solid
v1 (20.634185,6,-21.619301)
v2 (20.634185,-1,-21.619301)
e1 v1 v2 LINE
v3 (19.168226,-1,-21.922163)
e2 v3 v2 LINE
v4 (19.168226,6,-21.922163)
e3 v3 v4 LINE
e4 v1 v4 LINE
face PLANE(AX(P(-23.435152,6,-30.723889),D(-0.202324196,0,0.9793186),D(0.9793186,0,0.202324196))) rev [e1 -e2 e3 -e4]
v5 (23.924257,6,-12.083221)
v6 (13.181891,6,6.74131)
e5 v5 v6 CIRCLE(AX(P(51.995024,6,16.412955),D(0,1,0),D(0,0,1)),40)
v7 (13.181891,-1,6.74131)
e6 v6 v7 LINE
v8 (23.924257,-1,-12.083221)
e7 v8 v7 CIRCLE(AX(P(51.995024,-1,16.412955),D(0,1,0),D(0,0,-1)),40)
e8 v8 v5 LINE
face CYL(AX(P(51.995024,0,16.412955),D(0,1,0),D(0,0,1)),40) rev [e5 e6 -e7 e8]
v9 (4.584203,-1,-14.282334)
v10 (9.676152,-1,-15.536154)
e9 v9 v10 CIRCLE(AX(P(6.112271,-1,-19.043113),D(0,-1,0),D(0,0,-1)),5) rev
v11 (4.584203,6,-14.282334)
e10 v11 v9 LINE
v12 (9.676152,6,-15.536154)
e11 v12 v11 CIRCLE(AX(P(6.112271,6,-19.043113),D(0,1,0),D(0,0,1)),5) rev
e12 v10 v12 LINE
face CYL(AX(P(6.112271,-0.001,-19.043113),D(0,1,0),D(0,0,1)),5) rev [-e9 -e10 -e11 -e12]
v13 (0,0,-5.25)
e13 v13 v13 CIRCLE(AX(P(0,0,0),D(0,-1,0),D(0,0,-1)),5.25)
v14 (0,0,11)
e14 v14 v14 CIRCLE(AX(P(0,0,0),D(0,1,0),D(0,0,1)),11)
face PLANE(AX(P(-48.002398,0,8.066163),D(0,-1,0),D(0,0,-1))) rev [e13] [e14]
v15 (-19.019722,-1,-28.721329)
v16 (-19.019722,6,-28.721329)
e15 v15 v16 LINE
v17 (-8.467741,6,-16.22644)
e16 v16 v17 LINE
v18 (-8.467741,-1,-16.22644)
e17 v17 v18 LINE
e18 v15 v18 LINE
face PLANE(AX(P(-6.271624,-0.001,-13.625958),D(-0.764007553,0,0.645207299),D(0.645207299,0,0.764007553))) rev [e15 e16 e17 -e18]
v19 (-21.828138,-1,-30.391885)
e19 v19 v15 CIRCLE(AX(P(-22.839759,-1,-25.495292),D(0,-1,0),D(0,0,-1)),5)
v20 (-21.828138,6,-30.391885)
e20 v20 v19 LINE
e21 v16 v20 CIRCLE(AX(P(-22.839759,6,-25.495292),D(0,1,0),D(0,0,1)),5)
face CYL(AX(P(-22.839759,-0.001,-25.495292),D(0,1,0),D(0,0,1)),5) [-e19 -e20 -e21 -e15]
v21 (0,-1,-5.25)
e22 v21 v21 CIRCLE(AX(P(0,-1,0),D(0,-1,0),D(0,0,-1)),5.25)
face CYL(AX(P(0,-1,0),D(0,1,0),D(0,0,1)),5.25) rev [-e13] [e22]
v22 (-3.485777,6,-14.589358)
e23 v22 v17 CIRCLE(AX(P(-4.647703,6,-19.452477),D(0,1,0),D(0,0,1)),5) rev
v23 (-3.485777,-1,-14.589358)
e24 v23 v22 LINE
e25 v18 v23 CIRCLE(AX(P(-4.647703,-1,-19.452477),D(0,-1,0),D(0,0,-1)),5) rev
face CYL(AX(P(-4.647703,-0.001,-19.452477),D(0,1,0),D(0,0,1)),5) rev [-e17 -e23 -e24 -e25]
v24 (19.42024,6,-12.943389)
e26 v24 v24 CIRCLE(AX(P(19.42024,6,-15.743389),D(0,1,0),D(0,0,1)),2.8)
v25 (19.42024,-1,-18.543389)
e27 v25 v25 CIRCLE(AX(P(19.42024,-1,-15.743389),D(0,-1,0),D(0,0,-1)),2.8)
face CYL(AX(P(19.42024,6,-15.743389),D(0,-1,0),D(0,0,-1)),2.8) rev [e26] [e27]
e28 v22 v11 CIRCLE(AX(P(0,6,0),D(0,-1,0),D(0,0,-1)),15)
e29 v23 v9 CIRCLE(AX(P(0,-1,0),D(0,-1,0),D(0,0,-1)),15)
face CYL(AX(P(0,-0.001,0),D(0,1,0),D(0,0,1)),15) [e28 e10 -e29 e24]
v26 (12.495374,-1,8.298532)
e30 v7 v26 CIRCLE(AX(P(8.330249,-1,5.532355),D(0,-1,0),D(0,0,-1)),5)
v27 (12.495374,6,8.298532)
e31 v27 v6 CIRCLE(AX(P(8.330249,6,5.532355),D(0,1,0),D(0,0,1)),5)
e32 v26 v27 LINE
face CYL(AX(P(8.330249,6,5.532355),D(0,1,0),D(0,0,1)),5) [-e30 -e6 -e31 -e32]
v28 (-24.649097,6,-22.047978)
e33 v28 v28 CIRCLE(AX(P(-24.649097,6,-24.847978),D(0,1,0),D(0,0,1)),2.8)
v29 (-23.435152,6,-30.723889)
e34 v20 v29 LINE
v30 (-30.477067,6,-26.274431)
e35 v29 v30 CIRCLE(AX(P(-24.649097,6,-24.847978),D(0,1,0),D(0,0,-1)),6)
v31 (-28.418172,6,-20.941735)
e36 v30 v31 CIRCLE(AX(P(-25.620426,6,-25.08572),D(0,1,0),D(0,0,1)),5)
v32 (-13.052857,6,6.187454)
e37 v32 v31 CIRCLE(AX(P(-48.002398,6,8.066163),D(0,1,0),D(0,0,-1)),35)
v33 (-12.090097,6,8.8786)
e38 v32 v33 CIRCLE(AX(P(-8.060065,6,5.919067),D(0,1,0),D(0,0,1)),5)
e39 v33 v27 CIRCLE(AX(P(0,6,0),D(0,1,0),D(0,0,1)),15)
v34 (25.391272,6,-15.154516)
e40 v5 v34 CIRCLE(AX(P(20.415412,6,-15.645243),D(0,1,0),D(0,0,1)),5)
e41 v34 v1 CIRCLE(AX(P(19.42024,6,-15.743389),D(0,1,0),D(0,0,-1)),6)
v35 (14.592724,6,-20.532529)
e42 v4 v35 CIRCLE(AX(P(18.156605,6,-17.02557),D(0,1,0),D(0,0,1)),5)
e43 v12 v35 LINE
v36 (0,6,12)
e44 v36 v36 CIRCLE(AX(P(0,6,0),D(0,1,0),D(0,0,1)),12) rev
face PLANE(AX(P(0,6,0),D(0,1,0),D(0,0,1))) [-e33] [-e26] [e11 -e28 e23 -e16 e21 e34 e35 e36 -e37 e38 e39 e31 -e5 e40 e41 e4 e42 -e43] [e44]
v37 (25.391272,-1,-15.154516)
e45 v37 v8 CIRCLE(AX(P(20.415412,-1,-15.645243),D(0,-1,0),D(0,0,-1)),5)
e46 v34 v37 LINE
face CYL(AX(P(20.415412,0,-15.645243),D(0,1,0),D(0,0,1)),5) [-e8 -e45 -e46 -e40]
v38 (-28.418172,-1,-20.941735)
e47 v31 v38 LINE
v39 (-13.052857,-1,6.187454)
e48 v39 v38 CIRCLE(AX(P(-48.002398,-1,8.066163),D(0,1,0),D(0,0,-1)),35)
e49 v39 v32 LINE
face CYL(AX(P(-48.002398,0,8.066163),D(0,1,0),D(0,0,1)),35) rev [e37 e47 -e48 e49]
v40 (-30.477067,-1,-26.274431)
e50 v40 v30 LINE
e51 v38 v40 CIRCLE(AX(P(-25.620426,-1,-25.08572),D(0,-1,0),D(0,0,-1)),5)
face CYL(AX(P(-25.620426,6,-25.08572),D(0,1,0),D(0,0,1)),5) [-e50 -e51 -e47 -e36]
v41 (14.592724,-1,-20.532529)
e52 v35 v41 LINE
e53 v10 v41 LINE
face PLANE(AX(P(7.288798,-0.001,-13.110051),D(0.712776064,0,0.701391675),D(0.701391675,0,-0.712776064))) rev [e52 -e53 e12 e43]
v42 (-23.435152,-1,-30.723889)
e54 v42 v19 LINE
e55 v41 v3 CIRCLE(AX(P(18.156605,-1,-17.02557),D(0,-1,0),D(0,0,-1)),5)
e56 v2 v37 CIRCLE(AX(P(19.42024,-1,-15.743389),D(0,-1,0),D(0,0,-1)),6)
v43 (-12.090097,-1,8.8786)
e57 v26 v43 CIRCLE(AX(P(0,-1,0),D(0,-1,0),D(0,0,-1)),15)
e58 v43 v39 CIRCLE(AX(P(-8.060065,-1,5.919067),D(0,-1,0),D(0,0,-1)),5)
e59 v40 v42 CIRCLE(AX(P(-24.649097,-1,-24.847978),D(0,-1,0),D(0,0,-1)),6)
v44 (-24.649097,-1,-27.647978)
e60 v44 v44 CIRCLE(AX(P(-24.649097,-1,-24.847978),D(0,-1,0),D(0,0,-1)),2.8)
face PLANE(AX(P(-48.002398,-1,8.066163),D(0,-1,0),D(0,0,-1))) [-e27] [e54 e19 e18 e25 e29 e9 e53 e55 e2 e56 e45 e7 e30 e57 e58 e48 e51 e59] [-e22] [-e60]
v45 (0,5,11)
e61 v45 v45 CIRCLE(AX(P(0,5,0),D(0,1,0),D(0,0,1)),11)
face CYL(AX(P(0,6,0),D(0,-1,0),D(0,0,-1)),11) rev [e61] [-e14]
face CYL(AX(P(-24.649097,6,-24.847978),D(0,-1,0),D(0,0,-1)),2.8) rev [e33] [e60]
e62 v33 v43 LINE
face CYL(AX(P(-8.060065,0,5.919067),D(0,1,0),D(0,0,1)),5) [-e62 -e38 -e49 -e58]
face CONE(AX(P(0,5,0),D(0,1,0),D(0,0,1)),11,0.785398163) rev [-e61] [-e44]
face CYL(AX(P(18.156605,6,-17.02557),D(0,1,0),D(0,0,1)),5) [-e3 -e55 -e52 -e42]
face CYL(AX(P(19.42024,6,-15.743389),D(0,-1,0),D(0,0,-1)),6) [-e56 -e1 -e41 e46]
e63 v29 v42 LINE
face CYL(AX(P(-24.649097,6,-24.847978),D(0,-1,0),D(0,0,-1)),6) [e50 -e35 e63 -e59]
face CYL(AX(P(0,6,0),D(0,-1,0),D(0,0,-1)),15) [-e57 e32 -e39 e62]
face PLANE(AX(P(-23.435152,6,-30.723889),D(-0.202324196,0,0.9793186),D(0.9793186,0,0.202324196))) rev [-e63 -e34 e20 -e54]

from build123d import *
from build123d.topology import SkipClean

# Parameters (mm, degrees)
SKETCH1_R           = 11
SKETCH1_R_2         = 2.8
BOSS_EXTRUDE1_DEPTH = 6
CUT_EXTRUDE4_REACH  = 45.897
CHAMFER1_SIZE       = 1
CUT_EXTRUDE3_DEPTH  = 44.897208358
BOSS_EXTRUDE2_START = 1
SKETCH4_R           = 2.8
SKETCH4_R_2         = 5.25
BOSS_EXTRUDE2_DEPTH = 1
FILLET1_R           = 5


with BuildPart() as part:
    # Sketch1 → Boss-Extrude1 (new body)
    with BuildSketch(Plane(origin=(0, 0, 0), x_dir=(1, 0, 0), z_dir=(0, 1, 0))):
        with BuildLine():
            Line((-13.007470321, -7.470322339), (-29.852085541, 21.859848784))
            ThreePointArc((-29.852085541, 21.859848784), (-29.509233169, 28.366369458), (-23.435152239, 30.723889318))
            Line((-23.435152239, 30.723889318), (20.634184752, 21.61930052))
            ThreePointArc((20.634184752, 21.61930052), (24.891716701, 18.205692335), (24.623227707, 12.755259985))
            Line((24.623227707, 12.755259985), (13.007470321, -7.470322339))
            ThreePointArc((13.007470321, -7.470322339), (0, -15), (-13.007470321, -7.470322339))
        make_face()
        with Locations(Location((0, 0, 0), (0, 0, 270))):
            Circle(SKETCH1_R, mode=Mode.SUBTRACT)
        with Locations(Location((-24.649097412, 24.84797772, 0), (0, 0, 270))):
            Circle(SKETCH1_R_2, mode=Mode.SUBTRACT)
        with Locations(Location((19.420239578, 15.743388921, 0), (0, 0, 270))):
            Circle(SKETCH1_R_2, mode=Mode.SUBTRACT)
    extrude(amount=BOSS_EXTRUDE1_DEPTH)

    # Sketch6 → Cut-Extrude4 (cut, up to next)
    with BuildSketch(Plane(origin=(0, 6, 0), x_dir=(1, 0, 0), z_dir=(0, 1, 0)), mode=Mode.PRIVATE) as cut_extrude4_sk1:
        with BuildLine():
            Line((-6.271623509, 13.625958262), (-20.135130689, 30.042115067))
            Line((-20.135130689, 30.042115067), (16.502166132, 22.472962794))
            Line((16.502166132, 22.472962794), (7.288797568, 13.110050725))
            ThreePointArc((7.288797568, 13.110050725), (0.570263898, 14.98915605), (-6.271623509, 13.625958262))
        make_face()
    cut_extrude4_tool1 = extrude(cut_extrude4_sk1.sketch, amount=-CUT_EXTRUDE4_REACH, mode=Mode.PRIVATE) & part.part
    add(cut_extrude4_tool1.solids().sort_by_distance((-1.480045, 6, -21.203105))[0], mode=Mode.SUBTRACT)

    # Chamfer1
    chamfer1_edges = [part.edges().sort_by_distance(p)[0] for p in [
        (0, 6, -11),
    ]]
    chamfer(chamfer1_edges, length=CHAMFER1_SIZE)

    # Sketch5 → Cut-Extrude3 (cut, through all)
    with BuildSketch(Plane(origin=(0, 6, 0), x_dir=(1, 0, 0), z_dir=(0, 1, 0))):
        with BuildLine():
            Line((-29.852085541, 21.859848784), (-13.007470321, -7.470322339))
            ThreePointArc((-13.007470321, -7.470322339), (-17.651634078, 9.364589617), (-29.852085541, 21.859848784))
        make_face()
        with BuildLine():
            Line((13.007470321, -7.470322339), (24.623227707, 12.755259985))
            ThreePointArc((24.623227707, 12.755259985), (17.308436126, 3.507904202), (13.007470321, -7.470322339))
        make_face()
    extrude(amount=-CUT_EXTRUDE3_DEPTH, mode=Mode.SUBTRACT)

    # Sketch4 → Boss-Extrude2 (add)
    with SkipClean():  # the faces are left unmerged after this step: merging them gives an invalid solid
        with BuildSketch(Plane.XZ.offset(BOSS_EXTRUDE2_START)):
            with BuildLine():
                Line((16.502166132, -22.472962794), (20.634184752, -21.61930052))
                ThreePointArc((20.634184752, -21.61930052), (24.891716701, -18.205692335), (24.623227707, -12.755259985))
                ThreePointArc((24.623227707, -12.755259985), (17.308436126, -3.507904202), (13.007470321, 7.470322339))
                ThreePointArc((13.007470321, 7.470322339), (0, 15), (-13.007470321, 7.470322339))
                ThreePointArc((-13.007470321, 7.470322339), (-17.651634078, -9.364589617), (-29.852085541, -21.859848784))
                ThreePointArc((-29.852085541, -21.859848784), (-29.509233169, -28.366369458), (-23.435152239, -30.723889318))
                Line((-23.435152239, -30.723889318), (-20.135130689, -30.042115067))
                Line((-20.135130689, -30.042115067), (-6.271623509, -13.625958262))
                ThreePointArc((-6.271623509, -13.625958262), (0.570263898, -14.98915605), (7.288797568, -13.110050725))
                Line((7.288797568, -13.110050725), (16.502166132, -22.472962794))
            make_face()
            with Locations(Location((19.420239578, -15.743388921, 0), (0, 0, 270))):
                Circle(SKETCH4_R, mode=Mode.SUBTRACT)
            with Locations(Location((-24.649097412, -24.84797772, 0), (0, 0, 270))):
                Circle(SKETCH4_R, mode=Mode.SUBTRACT)
            with Locations(Location((0, 0, 0), (0, 0, 270))):
                Circle(SKETCH4_R_2, mode=Mode.SUBTRACT)
        extrude(amount=-BOSS_EXTRUDE2_DEPTH)

    # Fillet1
    fillet1_edges = [part.edges().sort_by_distance(p)[0] for p in [
        (-13.007470321, 3, 7.470322339),
        (-29.852085541, 3, -21.859848784),
        (24.623227707, 3, -12.755259985),
        (13.007470321, 3, 7.470322339),
        (7.288797568, 3, -13.110050725),
        (-6.271623509, 3, -13.625958262),
        (-20.135130689, 3, -30.042115067),
        (16.502166132, 3, -22.472962794),
    ]]
    fillet(fillet1_edges, radius=FILLET1_R)


solid = part.part
